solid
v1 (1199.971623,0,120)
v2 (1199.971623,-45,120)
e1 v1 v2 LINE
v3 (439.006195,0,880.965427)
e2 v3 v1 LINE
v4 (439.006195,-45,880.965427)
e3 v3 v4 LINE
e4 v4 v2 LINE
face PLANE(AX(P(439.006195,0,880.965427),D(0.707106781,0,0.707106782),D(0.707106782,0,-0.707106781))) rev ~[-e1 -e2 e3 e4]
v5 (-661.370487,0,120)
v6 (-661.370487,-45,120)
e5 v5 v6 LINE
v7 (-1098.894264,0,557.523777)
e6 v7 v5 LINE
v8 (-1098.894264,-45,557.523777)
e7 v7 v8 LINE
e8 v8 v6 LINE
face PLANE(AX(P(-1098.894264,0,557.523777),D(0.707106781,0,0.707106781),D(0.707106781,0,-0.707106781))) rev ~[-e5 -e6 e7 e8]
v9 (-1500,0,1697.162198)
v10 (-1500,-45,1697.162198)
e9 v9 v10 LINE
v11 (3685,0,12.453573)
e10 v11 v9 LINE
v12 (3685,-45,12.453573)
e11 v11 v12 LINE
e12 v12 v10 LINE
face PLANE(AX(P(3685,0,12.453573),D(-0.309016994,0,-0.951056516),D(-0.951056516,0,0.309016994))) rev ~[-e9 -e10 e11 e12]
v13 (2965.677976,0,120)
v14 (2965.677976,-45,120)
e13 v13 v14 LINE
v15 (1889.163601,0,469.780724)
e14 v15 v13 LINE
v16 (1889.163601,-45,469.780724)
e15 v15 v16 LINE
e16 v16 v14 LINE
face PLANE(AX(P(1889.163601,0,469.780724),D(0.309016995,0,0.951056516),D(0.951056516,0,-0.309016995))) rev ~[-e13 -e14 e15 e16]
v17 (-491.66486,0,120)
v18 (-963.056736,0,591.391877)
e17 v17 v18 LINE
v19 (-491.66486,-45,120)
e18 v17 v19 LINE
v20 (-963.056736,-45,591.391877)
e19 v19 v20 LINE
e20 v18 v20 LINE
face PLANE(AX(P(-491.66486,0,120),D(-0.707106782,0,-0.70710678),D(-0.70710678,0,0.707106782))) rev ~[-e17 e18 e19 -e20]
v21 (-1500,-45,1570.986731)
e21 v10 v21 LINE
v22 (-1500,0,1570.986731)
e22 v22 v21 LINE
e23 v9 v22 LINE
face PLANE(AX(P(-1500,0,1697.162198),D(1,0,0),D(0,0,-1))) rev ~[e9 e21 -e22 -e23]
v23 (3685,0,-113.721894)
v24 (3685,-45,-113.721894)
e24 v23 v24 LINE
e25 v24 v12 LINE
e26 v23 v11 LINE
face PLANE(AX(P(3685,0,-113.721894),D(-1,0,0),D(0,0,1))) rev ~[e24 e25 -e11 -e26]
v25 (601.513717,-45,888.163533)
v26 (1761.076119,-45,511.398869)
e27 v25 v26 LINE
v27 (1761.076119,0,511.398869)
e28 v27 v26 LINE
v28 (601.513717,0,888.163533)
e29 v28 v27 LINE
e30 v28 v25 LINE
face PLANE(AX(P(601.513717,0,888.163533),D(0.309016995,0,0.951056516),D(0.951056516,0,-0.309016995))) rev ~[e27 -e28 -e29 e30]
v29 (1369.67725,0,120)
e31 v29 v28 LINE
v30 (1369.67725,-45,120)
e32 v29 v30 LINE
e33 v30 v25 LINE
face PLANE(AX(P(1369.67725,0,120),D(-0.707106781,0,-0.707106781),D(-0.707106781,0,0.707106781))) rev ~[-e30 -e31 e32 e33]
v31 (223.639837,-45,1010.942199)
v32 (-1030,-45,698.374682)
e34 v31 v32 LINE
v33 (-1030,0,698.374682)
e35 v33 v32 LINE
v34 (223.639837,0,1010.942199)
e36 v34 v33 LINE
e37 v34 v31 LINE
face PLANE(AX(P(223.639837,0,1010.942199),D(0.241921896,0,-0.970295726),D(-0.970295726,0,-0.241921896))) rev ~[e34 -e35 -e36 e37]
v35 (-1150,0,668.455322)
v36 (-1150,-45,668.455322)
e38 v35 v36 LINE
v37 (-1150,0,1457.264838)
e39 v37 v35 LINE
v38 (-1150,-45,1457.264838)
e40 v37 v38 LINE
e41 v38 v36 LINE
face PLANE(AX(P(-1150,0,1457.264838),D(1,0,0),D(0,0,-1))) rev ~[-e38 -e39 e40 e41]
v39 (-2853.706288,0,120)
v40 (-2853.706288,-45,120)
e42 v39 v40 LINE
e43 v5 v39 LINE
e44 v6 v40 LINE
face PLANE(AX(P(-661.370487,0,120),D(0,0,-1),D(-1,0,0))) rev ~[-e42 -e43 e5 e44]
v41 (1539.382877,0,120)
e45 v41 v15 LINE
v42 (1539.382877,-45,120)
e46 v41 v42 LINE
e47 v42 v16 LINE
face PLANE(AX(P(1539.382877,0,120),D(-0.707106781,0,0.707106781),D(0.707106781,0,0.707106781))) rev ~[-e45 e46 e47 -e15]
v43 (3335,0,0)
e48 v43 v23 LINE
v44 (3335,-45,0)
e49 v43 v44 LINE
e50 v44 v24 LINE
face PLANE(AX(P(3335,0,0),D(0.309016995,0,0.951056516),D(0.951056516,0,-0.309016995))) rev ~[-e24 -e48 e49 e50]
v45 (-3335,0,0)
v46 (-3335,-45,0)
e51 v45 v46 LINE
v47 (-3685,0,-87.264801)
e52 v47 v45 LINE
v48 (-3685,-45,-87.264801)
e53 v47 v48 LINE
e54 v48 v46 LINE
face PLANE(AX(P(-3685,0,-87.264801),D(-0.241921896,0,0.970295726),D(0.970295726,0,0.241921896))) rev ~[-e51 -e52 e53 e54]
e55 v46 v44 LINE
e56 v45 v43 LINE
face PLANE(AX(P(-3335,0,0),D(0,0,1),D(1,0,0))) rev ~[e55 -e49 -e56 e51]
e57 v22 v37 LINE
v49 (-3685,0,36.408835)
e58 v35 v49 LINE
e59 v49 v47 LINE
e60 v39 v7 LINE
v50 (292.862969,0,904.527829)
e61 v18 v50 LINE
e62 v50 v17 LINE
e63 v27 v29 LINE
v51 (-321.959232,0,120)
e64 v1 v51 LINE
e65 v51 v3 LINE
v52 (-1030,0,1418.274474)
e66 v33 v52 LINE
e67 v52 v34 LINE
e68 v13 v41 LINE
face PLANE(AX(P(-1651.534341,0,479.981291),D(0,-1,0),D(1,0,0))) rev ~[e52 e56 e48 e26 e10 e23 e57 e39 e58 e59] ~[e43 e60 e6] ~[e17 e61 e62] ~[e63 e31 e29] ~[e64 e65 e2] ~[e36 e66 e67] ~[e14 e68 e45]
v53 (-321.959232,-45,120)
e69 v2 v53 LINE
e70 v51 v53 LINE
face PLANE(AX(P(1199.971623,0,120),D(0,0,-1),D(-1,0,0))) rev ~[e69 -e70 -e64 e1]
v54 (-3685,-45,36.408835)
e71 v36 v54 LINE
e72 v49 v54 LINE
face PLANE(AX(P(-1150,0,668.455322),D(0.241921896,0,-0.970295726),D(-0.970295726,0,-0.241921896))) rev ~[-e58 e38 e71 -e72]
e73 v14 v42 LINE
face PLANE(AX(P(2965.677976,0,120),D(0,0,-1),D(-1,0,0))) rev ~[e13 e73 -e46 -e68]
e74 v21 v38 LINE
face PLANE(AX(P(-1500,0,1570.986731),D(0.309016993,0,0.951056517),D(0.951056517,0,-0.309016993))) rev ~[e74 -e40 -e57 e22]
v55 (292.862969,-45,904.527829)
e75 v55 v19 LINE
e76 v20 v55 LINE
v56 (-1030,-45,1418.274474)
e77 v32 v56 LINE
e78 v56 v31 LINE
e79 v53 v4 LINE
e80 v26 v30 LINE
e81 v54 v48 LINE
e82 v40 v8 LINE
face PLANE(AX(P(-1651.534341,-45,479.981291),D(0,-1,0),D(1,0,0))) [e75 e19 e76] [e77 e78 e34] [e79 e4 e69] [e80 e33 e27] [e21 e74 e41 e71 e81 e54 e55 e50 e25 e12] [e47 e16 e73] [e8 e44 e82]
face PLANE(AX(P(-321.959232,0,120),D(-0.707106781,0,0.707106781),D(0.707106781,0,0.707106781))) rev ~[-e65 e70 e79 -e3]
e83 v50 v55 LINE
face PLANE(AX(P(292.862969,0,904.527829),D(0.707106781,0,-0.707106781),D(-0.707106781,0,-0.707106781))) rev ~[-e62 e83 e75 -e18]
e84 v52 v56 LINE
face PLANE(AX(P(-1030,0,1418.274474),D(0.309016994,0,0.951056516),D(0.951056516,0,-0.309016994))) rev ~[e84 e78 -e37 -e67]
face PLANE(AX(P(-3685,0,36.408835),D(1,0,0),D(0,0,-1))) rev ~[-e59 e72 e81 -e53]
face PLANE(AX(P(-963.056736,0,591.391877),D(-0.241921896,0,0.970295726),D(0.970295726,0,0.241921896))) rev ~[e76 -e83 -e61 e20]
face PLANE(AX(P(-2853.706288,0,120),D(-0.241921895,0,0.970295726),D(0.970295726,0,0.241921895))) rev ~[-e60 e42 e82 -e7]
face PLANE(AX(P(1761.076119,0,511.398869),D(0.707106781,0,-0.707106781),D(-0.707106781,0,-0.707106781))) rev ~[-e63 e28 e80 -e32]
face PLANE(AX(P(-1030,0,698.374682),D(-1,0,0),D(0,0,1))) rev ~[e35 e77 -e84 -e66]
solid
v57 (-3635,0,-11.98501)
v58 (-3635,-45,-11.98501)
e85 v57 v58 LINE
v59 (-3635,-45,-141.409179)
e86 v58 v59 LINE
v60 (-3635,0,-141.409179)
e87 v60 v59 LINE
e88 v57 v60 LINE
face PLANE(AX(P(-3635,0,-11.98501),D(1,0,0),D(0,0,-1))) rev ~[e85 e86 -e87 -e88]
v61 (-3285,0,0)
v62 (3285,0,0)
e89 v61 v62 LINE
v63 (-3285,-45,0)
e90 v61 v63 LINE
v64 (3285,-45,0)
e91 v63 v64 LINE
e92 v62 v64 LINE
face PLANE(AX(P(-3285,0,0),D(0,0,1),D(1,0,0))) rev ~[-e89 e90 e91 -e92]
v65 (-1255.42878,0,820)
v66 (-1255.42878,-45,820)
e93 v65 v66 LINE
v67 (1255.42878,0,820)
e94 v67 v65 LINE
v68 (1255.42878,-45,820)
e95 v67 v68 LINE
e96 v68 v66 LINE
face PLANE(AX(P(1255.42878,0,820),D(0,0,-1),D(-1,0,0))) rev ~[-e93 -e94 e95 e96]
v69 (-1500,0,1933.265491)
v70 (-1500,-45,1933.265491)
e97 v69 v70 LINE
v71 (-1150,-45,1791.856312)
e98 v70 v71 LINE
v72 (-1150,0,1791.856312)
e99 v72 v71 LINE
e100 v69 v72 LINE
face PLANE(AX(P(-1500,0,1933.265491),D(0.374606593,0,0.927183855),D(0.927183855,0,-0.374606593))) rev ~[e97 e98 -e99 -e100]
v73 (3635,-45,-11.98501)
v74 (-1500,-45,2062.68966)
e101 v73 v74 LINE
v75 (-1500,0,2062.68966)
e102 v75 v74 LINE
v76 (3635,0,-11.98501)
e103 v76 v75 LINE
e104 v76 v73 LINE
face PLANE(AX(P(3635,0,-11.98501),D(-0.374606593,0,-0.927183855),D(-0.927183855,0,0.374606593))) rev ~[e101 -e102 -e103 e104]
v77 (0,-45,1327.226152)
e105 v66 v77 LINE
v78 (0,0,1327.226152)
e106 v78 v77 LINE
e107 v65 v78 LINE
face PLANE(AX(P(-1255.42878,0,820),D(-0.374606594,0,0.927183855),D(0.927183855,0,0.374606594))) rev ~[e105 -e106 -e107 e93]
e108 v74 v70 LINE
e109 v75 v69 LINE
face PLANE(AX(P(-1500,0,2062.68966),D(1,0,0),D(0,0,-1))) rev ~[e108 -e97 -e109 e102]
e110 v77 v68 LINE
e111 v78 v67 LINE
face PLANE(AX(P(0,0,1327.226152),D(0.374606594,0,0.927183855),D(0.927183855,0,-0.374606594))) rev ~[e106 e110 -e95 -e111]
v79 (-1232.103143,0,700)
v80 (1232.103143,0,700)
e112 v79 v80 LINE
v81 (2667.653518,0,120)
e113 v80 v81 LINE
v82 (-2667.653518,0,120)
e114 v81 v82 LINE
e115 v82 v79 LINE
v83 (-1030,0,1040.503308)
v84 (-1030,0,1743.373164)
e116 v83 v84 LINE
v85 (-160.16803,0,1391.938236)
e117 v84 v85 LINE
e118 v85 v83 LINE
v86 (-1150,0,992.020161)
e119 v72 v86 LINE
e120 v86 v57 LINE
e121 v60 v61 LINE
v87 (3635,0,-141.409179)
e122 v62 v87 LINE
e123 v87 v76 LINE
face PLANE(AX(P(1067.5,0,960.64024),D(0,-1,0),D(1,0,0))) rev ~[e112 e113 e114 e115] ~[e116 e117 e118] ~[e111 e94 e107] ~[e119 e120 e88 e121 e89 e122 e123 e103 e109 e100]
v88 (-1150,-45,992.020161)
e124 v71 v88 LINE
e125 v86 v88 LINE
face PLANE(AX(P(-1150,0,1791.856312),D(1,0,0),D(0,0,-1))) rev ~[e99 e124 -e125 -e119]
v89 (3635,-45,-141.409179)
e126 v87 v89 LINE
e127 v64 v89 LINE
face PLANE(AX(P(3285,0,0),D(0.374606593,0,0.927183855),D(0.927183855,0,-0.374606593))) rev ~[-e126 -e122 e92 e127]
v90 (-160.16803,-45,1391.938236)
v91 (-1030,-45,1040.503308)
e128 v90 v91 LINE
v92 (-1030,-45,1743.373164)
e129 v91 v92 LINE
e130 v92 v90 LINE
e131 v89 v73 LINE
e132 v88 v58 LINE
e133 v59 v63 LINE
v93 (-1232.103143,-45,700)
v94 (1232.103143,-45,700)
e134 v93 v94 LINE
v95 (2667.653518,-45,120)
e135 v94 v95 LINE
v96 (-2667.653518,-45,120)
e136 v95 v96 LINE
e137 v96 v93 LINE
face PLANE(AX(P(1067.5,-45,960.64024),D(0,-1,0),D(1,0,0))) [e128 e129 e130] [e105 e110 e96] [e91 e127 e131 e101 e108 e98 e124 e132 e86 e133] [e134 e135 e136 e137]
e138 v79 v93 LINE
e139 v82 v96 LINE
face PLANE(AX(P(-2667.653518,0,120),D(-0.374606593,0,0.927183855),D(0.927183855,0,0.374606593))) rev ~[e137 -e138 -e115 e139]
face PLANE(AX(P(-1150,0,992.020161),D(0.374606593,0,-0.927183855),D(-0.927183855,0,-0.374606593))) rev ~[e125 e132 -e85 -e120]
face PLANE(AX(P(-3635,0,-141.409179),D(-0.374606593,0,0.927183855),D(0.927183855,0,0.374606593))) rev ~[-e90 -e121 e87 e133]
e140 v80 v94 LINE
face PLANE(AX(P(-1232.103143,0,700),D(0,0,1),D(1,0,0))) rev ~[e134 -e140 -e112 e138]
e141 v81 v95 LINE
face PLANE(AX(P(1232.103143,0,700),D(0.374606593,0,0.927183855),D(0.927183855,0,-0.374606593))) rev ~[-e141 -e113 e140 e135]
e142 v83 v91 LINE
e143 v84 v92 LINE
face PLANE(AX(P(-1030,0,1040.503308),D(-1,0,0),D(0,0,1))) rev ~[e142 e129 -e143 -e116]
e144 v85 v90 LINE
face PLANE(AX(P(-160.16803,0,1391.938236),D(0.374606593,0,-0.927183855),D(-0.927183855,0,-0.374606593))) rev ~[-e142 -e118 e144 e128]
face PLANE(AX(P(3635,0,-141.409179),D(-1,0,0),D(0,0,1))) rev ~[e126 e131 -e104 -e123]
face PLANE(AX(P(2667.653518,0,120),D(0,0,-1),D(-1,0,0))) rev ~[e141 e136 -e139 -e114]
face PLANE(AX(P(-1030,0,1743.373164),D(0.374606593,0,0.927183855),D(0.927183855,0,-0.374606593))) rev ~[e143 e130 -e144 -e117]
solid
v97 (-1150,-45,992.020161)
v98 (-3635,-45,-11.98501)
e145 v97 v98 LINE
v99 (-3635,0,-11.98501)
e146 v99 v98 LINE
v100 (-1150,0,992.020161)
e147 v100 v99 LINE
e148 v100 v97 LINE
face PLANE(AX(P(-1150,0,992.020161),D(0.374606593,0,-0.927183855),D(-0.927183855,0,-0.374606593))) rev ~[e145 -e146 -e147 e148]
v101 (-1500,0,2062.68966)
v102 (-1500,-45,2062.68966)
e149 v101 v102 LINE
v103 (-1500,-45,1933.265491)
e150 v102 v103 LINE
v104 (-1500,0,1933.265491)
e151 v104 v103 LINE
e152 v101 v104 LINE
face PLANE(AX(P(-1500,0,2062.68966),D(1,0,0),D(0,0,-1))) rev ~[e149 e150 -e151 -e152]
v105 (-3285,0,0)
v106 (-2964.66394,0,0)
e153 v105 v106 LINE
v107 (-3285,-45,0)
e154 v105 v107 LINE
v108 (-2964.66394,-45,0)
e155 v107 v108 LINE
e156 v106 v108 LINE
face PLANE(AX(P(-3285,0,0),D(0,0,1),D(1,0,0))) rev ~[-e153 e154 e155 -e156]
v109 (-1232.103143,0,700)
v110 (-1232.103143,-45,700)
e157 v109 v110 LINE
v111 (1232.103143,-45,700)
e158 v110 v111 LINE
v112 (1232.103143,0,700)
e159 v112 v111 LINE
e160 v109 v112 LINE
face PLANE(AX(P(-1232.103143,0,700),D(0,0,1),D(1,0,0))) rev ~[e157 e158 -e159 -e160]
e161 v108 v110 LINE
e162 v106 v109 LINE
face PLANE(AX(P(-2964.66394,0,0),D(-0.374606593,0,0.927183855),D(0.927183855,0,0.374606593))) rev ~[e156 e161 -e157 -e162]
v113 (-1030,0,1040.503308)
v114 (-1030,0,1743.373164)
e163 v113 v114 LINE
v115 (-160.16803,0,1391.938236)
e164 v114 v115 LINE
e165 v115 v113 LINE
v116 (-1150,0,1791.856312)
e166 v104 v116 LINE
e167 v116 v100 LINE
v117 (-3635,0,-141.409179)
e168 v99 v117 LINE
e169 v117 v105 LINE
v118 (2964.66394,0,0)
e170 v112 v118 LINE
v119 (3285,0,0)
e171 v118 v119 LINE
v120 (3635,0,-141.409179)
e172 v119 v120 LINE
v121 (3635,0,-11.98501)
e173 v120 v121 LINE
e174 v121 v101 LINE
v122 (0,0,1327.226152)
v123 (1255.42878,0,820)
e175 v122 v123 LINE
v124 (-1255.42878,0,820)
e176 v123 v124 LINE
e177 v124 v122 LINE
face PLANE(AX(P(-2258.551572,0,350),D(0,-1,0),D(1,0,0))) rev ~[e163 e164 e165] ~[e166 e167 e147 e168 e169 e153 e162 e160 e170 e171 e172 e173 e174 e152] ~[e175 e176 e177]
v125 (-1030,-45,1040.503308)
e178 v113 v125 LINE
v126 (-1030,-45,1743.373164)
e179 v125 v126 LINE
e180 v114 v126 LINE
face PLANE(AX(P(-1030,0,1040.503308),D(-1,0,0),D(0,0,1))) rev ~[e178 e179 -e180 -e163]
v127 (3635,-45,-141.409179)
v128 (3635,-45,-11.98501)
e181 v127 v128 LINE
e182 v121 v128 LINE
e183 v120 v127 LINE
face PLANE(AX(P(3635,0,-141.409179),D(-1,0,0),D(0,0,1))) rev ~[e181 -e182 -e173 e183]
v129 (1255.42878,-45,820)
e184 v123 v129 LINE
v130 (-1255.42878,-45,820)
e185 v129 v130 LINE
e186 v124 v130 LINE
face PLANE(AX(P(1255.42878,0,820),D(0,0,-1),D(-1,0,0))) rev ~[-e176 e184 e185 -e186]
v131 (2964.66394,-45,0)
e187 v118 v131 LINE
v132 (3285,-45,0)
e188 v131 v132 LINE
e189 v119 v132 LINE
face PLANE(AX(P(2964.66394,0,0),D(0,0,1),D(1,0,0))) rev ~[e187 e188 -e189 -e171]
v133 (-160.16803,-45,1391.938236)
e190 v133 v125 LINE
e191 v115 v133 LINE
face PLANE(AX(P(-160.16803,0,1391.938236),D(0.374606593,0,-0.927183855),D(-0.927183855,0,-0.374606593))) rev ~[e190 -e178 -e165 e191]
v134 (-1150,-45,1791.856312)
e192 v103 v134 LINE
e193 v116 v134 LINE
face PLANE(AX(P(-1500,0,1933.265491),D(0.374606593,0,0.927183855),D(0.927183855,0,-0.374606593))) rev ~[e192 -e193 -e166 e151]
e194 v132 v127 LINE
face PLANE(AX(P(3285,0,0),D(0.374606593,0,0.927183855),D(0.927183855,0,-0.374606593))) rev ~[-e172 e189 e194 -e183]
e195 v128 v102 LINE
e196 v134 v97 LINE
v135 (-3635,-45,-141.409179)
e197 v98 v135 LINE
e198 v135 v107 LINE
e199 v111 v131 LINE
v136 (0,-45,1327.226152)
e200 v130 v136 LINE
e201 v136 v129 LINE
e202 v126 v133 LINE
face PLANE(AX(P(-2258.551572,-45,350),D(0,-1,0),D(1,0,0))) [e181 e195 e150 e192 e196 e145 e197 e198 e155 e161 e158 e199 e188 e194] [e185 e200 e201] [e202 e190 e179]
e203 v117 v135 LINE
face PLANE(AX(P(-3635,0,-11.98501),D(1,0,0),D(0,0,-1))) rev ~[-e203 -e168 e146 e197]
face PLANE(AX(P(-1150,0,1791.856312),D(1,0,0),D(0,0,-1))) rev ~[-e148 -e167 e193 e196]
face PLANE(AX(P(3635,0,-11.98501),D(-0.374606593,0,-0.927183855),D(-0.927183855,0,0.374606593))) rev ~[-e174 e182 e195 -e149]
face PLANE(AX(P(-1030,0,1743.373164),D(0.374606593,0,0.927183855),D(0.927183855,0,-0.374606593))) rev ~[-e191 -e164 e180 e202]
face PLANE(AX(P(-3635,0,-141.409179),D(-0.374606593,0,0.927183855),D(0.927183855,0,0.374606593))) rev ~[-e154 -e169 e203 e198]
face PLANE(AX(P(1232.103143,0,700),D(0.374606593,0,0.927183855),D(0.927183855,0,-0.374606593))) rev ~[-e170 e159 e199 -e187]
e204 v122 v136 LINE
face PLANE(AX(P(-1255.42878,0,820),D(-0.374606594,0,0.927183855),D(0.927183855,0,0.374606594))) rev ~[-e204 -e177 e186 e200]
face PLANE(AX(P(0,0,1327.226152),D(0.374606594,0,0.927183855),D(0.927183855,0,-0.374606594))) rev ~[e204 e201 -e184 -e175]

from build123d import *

# Parameters (mm, degrees)
F1_DEPTH = 45
F4_DEPTH = 45
F5_DEPTH = 45


with BuildPart() as f1:
    # F0 (on Front) → F1 (new body)
    with BuildSketch(Plane.XZ):
        Polygon((-3685, -87.264801), (-3335, 0), (-2853.706288, 120), (-1098.894264, 557.523777), (-963.056736, 591.391877), (292.862969, 904.527829), (439.006195, 940.965427), (223.639837, 1010.942199), (-1030, 698.374682), (-1150, 668.455322), (-3685, 36.408835), align=None)
        Polygon((-1150, 1457.264838), (-1150, 668.455322), (-1030, 698.374682), (-1030, 1418.274474), align=None)
        Polygon((2965.677976, 120), (3335, 0), (3685, -113.721894), (3685, 12.453573), (-1500, 1697.162198), (-1500, 1570.986731), (-1150, 1457.264838), (-1030, 1418.274474), (223.639837, 1010.942199), (439.006195, 940.965427), (601.513717, 888.163533), (1761.076119, 511.398869), (1889.163601, 469.780724), align=None)
        Polygon((1199.971623, 120), (1369.67725, 120), (601.513717, 888.163533), (439.006195, 940.965427), (439.006195, 880.965427), align=None)
        Polygon((1369.67725, 120), (1539.382877, 120), (1889.163601, 469.780724), (1761.076119, 511.398869), align=None)
        Polygon((-2853.706288, 120), (-3335, 0), (3335, 0), (2965.677976, 120), (1539.382877, 120), (1369.67725, 120), (1199.971623, 120), (-321.959232, 120), (-491.66486, 120), (-661.370487, 120), align=None)
        Polygon((292.862969, 904.527829), (-491.66486, 120), (-321.959232, 120), (439.006195, 880.965427), (439.006195, 940.965427), align=None)
        Polygon((-1098.894264, 557.523777), (-661.370487, 120), (-491.66486, 120), (-963.056736, 591.391877), align=None)
    extrude(amount=F1_DEPTH)


with BuildPart() as f4:
    # F2 (on Front) → F4 (new body)
    with BuildSketch(Plane.XZ):
        Polygon((-1552.439203, 700), (-3285, 0), (-2964.66394, 0), (-1232.103143, 700), align=None)
        Polygon((-3635, -141.409179), (-3285, 0), (-1552.439203, 700), (-1255.42878, 820), (0, 1327.226152), (-160.16803, 1391.938236), (-1030, 1040.503308), (-1150, 992.020161), (-3635, -11.98501), align=None)
        Polygon((-1255.42878, 820), (-1552.439203, 700), (-1232.103143, 700), (1232.103143, 700), (1552.439203, 700), (1255.42878, 820), align=None)
        Polygon((1552.439203, 700), (1232.103143, 700), (2964.66394, 0), (3285, 0), align=None)
        Polygon((-160.16803, 1391.938236), (0, 1327.226152), (1255.42878, 820), (1552.439203, 700), (3285, 0), (3635, -141.409179), (3635, -11.98501), (-1500, 2062.68966), (-1500, 1933.265491), (-1150, 1791.856312), (-1030, 1743.373164), align=None)
        Polygon((-1150, 1791.856312), (-1150, 992.020161), (-1030, 1040.503308), (-1030, 1743.373164), align=None)
    extrude(amount=F4_DEPTH)


with BuildPart() as f5:
    # F3 (on Front) → F5 (new body)
    with BuildSketch(Plane.XZ):
        Polygon((3285, 0), (3635, -141.409179), (3635, -11.98501), (-1500, 2062.68966), (-1500, 1933.265491), (-1150, 1791.856312), (-1030, 1743.373164), (-160.16803, 1391.938236), (0, 1327.226152), (1255.42878, 820), (1552.439203, 700), (2987.989578, 120), align=None)
        Polygon((-3285, 0), (3285, 0), (2987.989578, 120), (2667.653518, 120), (-2667.653518, 120), (-2987.989578, 120), align=None)
        Polygon((-3635, -141.409179), (-3285, 0), (-2987.989578, 120), (-1552.439203, 700), (-1255.42878, 820), (0, 1327.226152), (-160.16803, 1391.938236), (-1030, 1040.503308), (-1150, 992.020161), (-3635, -11.98501), align=None)
        Polygon((-1030, 1743.373164), (-1150, 1791.856312), (-1150, 992.020161), (-1030, 1040.503308), align=None)
        Polygon((-1552.439203, 700), (-2987.989578, 120), (-2667.653518, 120), (-1232.103143, 700), align=None)
        Polygon((1232.103143, 700), (1552.439203, 700), (1255.42878, 820), (-1255.42878, 820), (-1552.439203, 700), (-1232.103143, 700), align=None)
        Polygon((2667.653518, 120), (2987.989578, 120), (1552.439203, 700), (1232.103143, 700), align=None)
    extrude(amount=F5_DEPTH)


solid = Compound([f1.part, f4.part, f5.part])
